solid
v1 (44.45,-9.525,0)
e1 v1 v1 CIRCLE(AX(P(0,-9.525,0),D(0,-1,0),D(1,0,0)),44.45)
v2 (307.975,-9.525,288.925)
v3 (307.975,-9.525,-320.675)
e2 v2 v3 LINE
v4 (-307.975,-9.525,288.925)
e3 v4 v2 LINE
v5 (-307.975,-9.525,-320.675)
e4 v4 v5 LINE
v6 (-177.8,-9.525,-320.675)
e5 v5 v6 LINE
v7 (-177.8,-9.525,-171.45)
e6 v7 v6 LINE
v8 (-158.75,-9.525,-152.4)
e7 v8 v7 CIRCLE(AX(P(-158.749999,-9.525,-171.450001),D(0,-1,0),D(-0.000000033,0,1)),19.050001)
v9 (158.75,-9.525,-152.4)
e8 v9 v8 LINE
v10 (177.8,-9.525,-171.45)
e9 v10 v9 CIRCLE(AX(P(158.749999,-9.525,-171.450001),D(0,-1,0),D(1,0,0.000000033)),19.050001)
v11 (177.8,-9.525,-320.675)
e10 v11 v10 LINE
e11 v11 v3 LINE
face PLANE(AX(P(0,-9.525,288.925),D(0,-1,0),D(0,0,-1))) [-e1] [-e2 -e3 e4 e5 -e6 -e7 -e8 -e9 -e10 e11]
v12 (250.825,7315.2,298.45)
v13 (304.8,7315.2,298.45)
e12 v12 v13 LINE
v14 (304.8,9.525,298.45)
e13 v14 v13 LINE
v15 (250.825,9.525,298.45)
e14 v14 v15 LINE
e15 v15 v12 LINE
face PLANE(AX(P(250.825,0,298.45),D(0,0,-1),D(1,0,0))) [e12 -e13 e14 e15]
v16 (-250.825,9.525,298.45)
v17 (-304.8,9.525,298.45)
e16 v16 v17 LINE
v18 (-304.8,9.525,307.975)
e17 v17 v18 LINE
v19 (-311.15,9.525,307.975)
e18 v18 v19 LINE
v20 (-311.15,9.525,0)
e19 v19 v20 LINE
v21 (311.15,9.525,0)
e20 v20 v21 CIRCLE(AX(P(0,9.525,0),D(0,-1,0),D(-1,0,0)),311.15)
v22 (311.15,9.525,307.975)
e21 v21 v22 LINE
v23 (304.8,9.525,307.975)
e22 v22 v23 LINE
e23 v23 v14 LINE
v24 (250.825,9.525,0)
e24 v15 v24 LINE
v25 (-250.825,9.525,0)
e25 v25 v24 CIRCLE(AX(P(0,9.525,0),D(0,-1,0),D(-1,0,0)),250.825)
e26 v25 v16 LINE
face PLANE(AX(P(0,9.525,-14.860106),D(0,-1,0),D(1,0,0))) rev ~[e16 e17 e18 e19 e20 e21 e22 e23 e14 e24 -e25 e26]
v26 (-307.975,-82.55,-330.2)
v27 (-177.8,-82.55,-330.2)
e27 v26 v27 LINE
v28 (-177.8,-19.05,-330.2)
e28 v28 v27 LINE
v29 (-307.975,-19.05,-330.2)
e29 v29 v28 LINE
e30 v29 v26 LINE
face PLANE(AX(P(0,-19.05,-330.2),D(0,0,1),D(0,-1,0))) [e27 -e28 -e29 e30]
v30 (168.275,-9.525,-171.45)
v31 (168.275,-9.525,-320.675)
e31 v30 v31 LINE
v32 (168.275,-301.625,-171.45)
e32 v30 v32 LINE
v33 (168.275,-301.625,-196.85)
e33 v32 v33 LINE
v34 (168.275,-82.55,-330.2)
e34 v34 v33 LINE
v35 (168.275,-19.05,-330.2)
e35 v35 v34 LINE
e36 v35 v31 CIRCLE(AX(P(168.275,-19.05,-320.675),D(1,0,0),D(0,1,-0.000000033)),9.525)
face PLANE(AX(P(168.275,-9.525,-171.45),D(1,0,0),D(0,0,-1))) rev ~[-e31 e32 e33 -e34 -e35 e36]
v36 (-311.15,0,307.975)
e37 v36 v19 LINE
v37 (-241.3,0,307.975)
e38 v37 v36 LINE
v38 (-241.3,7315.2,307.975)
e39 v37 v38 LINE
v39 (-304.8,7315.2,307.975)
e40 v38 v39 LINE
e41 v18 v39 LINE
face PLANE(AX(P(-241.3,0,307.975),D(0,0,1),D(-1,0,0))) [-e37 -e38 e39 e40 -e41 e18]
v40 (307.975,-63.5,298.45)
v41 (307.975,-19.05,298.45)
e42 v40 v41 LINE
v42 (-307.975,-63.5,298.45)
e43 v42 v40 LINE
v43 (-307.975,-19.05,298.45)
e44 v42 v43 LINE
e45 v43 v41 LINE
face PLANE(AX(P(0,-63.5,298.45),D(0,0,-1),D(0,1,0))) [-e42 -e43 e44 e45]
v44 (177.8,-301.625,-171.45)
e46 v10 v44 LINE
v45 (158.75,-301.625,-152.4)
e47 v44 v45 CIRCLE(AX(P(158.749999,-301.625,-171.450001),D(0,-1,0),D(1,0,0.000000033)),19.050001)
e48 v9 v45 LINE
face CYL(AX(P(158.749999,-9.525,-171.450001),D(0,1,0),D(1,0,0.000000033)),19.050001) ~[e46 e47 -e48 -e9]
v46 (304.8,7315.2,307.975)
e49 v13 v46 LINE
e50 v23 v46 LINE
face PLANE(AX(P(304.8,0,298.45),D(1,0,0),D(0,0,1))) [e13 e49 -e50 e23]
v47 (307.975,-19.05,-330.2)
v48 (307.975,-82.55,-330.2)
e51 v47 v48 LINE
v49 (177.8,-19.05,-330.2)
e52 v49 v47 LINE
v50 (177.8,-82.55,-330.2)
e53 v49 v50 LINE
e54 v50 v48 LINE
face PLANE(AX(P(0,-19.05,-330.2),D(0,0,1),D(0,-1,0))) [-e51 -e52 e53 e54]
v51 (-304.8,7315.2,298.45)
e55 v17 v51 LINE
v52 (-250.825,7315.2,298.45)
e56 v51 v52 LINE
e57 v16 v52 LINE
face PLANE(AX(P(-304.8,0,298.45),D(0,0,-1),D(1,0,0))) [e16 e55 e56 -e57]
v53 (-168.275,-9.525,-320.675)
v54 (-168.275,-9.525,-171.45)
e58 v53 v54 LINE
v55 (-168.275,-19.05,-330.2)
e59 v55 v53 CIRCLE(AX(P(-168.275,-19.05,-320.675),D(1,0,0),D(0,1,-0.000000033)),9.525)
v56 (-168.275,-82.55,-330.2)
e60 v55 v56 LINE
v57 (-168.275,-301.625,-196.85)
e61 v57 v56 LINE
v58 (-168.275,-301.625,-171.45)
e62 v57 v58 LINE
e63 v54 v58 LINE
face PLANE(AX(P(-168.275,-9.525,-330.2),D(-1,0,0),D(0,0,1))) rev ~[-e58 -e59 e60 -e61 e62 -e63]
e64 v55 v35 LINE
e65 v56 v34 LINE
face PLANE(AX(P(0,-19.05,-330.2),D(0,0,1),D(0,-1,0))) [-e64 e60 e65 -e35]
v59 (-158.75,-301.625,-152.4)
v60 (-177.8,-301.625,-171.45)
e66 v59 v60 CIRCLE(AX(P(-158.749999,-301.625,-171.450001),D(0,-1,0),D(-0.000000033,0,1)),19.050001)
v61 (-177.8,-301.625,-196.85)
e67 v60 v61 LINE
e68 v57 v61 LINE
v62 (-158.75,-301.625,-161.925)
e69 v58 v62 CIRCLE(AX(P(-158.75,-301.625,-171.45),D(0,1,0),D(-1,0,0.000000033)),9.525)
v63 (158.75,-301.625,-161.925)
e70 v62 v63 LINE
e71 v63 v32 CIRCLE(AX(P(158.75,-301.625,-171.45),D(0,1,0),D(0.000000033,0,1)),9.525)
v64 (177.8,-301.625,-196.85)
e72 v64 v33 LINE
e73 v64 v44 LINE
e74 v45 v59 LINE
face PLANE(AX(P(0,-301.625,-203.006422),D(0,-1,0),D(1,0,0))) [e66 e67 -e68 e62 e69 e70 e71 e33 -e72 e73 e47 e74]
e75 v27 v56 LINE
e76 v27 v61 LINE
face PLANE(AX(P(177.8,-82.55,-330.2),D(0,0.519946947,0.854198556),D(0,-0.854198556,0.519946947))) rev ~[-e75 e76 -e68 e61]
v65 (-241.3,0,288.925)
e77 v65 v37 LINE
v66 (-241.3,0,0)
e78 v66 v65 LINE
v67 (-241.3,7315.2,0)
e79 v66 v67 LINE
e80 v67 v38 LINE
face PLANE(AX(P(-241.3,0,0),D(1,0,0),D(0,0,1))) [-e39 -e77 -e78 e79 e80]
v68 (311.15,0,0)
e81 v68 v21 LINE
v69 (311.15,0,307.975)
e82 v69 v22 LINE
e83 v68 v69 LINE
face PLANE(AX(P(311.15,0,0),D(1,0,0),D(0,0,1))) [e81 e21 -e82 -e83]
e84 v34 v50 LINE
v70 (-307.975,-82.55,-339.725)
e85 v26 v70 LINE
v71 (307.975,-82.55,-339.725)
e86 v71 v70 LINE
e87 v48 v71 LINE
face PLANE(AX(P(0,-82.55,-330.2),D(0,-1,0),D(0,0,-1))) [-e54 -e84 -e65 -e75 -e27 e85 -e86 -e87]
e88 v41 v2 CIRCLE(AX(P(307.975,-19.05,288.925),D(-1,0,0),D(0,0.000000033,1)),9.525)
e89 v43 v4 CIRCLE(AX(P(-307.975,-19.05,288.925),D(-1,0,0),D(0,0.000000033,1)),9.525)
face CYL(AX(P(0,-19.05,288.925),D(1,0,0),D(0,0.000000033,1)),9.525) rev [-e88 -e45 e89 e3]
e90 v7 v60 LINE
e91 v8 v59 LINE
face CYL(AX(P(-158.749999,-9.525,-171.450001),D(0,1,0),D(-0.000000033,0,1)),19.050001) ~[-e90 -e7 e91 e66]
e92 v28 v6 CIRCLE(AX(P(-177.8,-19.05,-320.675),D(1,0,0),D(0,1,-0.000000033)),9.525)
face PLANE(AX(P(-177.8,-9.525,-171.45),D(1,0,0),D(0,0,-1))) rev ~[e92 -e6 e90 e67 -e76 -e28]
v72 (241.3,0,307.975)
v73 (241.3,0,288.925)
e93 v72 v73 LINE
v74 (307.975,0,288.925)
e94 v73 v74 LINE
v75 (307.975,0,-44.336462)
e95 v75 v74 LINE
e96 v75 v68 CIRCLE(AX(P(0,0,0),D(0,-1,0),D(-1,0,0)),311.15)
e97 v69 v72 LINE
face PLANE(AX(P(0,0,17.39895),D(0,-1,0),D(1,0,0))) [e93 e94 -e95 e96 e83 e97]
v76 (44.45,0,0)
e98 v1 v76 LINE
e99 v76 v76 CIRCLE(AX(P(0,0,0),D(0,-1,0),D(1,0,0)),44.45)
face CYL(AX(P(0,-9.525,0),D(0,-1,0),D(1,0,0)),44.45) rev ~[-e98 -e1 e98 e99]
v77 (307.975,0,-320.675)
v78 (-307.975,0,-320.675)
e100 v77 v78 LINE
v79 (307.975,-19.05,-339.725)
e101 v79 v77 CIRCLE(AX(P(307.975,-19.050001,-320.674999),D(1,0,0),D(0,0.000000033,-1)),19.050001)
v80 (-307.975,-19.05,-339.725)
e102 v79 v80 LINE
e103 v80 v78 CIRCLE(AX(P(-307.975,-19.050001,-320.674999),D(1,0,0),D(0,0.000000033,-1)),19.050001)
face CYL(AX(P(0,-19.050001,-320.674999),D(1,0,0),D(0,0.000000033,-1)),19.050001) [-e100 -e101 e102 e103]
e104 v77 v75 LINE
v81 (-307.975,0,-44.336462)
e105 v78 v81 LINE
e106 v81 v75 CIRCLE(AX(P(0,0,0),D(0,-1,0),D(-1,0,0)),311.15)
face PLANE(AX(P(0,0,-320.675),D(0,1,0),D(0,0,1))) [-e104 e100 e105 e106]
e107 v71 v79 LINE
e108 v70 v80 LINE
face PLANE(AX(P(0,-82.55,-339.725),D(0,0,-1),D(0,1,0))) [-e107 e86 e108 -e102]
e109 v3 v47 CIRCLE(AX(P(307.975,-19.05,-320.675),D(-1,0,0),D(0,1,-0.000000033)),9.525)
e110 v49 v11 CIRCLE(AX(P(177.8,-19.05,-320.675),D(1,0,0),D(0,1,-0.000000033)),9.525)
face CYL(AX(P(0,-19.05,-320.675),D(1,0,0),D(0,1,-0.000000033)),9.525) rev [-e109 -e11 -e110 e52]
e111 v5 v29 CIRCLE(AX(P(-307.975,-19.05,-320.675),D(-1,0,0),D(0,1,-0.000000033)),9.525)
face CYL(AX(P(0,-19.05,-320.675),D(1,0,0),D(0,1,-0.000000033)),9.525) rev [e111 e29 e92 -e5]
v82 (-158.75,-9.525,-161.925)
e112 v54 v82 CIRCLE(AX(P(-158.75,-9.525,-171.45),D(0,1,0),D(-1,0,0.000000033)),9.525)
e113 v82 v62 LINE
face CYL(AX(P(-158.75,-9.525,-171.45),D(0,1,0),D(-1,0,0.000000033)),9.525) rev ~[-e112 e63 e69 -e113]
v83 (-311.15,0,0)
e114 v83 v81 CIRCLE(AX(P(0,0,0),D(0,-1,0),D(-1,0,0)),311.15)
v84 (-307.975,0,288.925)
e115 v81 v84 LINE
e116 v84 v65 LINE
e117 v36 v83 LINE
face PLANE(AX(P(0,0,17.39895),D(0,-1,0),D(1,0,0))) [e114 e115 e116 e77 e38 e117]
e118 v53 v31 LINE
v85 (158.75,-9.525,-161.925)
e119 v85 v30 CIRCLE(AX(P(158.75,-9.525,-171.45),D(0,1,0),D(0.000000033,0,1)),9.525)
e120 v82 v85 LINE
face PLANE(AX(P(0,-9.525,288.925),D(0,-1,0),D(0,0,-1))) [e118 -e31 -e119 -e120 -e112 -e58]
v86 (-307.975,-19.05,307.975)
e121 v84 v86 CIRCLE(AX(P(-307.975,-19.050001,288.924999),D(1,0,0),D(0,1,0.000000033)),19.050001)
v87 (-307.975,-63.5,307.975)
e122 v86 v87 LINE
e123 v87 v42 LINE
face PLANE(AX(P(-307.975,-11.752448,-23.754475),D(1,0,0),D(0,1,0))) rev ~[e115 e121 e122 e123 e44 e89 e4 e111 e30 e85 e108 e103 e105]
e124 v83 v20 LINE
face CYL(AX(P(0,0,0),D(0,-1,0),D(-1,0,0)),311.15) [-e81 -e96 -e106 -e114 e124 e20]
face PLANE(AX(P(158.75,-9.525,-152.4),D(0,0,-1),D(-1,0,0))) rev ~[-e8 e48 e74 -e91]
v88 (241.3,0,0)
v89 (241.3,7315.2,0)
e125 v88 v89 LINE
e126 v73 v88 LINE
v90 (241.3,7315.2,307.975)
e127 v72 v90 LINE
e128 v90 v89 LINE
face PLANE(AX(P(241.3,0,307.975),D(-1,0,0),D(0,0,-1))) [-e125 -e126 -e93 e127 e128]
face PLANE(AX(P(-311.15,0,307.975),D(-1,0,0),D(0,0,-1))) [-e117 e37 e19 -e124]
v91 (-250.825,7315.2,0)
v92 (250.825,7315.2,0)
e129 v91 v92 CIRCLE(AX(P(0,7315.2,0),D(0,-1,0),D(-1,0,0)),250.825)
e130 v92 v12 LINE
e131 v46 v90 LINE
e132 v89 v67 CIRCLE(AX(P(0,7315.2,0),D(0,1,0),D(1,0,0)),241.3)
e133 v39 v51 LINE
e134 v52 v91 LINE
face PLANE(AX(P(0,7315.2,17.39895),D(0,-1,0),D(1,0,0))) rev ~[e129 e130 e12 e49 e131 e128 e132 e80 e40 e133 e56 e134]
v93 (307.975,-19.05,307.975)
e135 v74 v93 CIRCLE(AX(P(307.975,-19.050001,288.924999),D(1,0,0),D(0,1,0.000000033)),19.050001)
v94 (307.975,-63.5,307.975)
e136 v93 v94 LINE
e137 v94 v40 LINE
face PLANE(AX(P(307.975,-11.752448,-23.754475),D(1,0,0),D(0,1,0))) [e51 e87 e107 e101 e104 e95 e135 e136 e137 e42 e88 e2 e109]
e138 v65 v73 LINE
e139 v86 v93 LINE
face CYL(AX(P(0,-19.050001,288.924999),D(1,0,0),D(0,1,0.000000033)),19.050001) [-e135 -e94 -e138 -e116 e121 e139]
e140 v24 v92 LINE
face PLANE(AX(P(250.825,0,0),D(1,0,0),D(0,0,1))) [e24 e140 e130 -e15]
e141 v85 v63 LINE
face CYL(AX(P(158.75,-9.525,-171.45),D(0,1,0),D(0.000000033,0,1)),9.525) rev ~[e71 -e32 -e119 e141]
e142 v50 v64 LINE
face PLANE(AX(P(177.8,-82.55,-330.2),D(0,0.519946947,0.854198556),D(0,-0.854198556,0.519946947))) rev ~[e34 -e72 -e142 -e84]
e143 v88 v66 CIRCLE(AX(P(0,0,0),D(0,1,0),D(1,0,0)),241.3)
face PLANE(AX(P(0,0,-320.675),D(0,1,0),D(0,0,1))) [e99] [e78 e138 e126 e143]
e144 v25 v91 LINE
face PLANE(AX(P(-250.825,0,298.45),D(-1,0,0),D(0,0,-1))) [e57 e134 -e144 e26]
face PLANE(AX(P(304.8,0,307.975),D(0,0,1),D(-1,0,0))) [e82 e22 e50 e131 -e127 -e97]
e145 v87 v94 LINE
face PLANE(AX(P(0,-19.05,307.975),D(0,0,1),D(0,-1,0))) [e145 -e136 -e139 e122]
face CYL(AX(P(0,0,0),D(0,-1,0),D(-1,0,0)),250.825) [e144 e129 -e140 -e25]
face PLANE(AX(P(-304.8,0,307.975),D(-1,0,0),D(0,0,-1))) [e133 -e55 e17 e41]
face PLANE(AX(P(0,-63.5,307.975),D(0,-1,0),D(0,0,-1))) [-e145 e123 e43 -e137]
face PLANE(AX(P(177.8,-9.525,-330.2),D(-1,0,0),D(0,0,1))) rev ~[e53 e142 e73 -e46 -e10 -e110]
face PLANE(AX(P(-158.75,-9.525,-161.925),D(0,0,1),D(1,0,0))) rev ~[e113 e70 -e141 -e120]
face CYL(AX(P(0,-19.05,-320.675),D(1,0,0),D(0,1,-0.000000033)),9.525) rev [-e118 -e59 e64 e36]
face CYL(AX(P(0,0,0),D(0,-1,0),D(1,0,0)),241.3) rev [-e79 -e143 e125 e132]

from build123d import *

# Parameters (mm, degrees)
F1_DEPTH  = 7315.2
F3_DEPTH  = 9.525
F5_DEPTH  = 307.975
F6_R      = 44.45
F7_DEPTH  = 9.525
F9_DEPTH  = 292.1
F11_DEPTH = 488.951


with BuildPart() as f1:
    # F0 (on Front) → F1 (new body)
    with BuildSketch(Plane.XZ):
        with BuildLine():
            ThreePointArc((241.3, 0), (0, -241.3), (-241.3, 0))
            Line((-241.3, 0), (-241.3, 307.975))
            Line((-241.3, 307.975), (-304.8, 307.975))
            Line((-304.8, 307.975), (-304.8, 298.45))
            Line((-304.8, 298.45), (-250.825, 298.45))
            Line((-250.825, 298.45), (-250.825, 0))
            ThreePointArc((-250.825, 0), (0, -250.825), (250.825, 0))
            Line((250.825, 0), (250.825, 298.45))
            Line((250.825, 298.45), (304.8, 298.45))
            Line((304.8, 298.45), (304.8, 307.975))
            Line((304.8, 307.975), (241.3, 307.975))
            Line((241.3, 307.975), (241.3, 0))
        make_face()
    extrude(amount=-F1_DEPTH)

    # F2 (on Front) → F3 (join)
    with BuildSketch(Plane.XZ):
        with BuildLine():
            Line((-247.65, 0), (-247.65, 307.975))
            Line((-247.65, 307.975), (-311.15, 307.975))
            Line((-311.15, 307.975), (-311.15, 0))
            ThreePointArc((-311.15, 0), (0, -311.15), (311.15, 0))
            Line((311.15, 0), (311.15, 307.975))
            Line((311.15, 307.975), (247.65, 307.975))
            Line((247.65, 307.975), (247.65, 0))
            ThreePointArc((247.65, 0), (0, -247.65), (-247.65, 0))
        make_face()
    extrude(amount=-F3_DEPTH)

    # F4 (on Right) → F5 (join, symmetric)
    with BuildSketch(Plane.YZ):
        with BuildLine():
            Line((0, -320.675), (0, 288.925))
            ThreePointArc((0, 288.925), (-5.579616, 302.395384), (-19.05, 307.975))
            Line((-19.05, 307.975), (-63.5, 307.975))
            Line((-63.5, 307.975), (-63.5, 298.45))
            Line((-63.5, 298.45), (-19.05, 298.45))
            ThreePointArc((-19.05, 298.45), (-12.314808, 295.660192), (-9.525, 288.925))
            Line((-9.525, 288.925), (-9.525, -320.675))
            ThreePointArc((-9.525, -320.675), (-12.314808, -327.410192), (-19.05, -330.2))
            Line((-19.05, -330.2), (-82.55, -330.2))
            Line((-82.55, -330.2), (-82.55, -339.725))
            Line((-82.55, -339.725), (-19.05, -339.725))
            ThreePointArc((-19.05, -339.725), (-5.579616, -334.145384), (0, -320.675))
        make_face()
    extrude(amount=F5_DEPTH, both=True)

    # F6 (on face) → F7 (cut, through all)
    with BuildSketch(Plane.XZ.offset(9.525)):
        Circle(F6_R)
    extrude(amount=-F7_DEPTH, mode=Mode.SUBTRACT)

    # F8 (on face) → F9 (join)
    with BuildSketch(Plane.XZ.offset(9.525)):
        with BuildLine():
            Line((-177.8, -171.45), (-177.8, -330.2))
            Line((-177.8, -330.2), (-168.275, -330.2))
            Line((-168.275, -330.2), (-168.275, -171.45))
            ThreePointArc((-168.275, -171.45), (-165.485192, -164.714808), (-158.75, -161.925))
            Line((-158.75, -161.925), (158.75, -161.925))
            ThreePointArc((158.75, -161.925), (165.485192, -164.714808), (168.275, -171.45))
            Line((168.275, -171.45), (168.275, -330.2))
            Line((168.275, -330.2), (177.8, -330.2))
            Line((177.8, -330.2), (177.8, -171.45))
            ThreePointArc((177.8, -171.45), (172.220384, -157.979616), (158.75, -152.4))
            Line((158.75, -152.4), (-158.75, -152.4))
            ThreePointArc((-158.75, -152.4), (-172.220384, -157.979616), (-177.8, -171.45))
        make_face()
    extrude(amount=F9_DEPTH)

    # F10 (on face) → F11 (cut, through all)
    with BuildSketch(Plane.YZ.offset(177.8)):
        Polygon((-301.625, -330.2), (-82.55, -330.2), (-301.625, -196.85), align=None)
    extrude(amount=-F11_DEPTH, mode=Mode.SUBTRACT)


solid = f1.part
